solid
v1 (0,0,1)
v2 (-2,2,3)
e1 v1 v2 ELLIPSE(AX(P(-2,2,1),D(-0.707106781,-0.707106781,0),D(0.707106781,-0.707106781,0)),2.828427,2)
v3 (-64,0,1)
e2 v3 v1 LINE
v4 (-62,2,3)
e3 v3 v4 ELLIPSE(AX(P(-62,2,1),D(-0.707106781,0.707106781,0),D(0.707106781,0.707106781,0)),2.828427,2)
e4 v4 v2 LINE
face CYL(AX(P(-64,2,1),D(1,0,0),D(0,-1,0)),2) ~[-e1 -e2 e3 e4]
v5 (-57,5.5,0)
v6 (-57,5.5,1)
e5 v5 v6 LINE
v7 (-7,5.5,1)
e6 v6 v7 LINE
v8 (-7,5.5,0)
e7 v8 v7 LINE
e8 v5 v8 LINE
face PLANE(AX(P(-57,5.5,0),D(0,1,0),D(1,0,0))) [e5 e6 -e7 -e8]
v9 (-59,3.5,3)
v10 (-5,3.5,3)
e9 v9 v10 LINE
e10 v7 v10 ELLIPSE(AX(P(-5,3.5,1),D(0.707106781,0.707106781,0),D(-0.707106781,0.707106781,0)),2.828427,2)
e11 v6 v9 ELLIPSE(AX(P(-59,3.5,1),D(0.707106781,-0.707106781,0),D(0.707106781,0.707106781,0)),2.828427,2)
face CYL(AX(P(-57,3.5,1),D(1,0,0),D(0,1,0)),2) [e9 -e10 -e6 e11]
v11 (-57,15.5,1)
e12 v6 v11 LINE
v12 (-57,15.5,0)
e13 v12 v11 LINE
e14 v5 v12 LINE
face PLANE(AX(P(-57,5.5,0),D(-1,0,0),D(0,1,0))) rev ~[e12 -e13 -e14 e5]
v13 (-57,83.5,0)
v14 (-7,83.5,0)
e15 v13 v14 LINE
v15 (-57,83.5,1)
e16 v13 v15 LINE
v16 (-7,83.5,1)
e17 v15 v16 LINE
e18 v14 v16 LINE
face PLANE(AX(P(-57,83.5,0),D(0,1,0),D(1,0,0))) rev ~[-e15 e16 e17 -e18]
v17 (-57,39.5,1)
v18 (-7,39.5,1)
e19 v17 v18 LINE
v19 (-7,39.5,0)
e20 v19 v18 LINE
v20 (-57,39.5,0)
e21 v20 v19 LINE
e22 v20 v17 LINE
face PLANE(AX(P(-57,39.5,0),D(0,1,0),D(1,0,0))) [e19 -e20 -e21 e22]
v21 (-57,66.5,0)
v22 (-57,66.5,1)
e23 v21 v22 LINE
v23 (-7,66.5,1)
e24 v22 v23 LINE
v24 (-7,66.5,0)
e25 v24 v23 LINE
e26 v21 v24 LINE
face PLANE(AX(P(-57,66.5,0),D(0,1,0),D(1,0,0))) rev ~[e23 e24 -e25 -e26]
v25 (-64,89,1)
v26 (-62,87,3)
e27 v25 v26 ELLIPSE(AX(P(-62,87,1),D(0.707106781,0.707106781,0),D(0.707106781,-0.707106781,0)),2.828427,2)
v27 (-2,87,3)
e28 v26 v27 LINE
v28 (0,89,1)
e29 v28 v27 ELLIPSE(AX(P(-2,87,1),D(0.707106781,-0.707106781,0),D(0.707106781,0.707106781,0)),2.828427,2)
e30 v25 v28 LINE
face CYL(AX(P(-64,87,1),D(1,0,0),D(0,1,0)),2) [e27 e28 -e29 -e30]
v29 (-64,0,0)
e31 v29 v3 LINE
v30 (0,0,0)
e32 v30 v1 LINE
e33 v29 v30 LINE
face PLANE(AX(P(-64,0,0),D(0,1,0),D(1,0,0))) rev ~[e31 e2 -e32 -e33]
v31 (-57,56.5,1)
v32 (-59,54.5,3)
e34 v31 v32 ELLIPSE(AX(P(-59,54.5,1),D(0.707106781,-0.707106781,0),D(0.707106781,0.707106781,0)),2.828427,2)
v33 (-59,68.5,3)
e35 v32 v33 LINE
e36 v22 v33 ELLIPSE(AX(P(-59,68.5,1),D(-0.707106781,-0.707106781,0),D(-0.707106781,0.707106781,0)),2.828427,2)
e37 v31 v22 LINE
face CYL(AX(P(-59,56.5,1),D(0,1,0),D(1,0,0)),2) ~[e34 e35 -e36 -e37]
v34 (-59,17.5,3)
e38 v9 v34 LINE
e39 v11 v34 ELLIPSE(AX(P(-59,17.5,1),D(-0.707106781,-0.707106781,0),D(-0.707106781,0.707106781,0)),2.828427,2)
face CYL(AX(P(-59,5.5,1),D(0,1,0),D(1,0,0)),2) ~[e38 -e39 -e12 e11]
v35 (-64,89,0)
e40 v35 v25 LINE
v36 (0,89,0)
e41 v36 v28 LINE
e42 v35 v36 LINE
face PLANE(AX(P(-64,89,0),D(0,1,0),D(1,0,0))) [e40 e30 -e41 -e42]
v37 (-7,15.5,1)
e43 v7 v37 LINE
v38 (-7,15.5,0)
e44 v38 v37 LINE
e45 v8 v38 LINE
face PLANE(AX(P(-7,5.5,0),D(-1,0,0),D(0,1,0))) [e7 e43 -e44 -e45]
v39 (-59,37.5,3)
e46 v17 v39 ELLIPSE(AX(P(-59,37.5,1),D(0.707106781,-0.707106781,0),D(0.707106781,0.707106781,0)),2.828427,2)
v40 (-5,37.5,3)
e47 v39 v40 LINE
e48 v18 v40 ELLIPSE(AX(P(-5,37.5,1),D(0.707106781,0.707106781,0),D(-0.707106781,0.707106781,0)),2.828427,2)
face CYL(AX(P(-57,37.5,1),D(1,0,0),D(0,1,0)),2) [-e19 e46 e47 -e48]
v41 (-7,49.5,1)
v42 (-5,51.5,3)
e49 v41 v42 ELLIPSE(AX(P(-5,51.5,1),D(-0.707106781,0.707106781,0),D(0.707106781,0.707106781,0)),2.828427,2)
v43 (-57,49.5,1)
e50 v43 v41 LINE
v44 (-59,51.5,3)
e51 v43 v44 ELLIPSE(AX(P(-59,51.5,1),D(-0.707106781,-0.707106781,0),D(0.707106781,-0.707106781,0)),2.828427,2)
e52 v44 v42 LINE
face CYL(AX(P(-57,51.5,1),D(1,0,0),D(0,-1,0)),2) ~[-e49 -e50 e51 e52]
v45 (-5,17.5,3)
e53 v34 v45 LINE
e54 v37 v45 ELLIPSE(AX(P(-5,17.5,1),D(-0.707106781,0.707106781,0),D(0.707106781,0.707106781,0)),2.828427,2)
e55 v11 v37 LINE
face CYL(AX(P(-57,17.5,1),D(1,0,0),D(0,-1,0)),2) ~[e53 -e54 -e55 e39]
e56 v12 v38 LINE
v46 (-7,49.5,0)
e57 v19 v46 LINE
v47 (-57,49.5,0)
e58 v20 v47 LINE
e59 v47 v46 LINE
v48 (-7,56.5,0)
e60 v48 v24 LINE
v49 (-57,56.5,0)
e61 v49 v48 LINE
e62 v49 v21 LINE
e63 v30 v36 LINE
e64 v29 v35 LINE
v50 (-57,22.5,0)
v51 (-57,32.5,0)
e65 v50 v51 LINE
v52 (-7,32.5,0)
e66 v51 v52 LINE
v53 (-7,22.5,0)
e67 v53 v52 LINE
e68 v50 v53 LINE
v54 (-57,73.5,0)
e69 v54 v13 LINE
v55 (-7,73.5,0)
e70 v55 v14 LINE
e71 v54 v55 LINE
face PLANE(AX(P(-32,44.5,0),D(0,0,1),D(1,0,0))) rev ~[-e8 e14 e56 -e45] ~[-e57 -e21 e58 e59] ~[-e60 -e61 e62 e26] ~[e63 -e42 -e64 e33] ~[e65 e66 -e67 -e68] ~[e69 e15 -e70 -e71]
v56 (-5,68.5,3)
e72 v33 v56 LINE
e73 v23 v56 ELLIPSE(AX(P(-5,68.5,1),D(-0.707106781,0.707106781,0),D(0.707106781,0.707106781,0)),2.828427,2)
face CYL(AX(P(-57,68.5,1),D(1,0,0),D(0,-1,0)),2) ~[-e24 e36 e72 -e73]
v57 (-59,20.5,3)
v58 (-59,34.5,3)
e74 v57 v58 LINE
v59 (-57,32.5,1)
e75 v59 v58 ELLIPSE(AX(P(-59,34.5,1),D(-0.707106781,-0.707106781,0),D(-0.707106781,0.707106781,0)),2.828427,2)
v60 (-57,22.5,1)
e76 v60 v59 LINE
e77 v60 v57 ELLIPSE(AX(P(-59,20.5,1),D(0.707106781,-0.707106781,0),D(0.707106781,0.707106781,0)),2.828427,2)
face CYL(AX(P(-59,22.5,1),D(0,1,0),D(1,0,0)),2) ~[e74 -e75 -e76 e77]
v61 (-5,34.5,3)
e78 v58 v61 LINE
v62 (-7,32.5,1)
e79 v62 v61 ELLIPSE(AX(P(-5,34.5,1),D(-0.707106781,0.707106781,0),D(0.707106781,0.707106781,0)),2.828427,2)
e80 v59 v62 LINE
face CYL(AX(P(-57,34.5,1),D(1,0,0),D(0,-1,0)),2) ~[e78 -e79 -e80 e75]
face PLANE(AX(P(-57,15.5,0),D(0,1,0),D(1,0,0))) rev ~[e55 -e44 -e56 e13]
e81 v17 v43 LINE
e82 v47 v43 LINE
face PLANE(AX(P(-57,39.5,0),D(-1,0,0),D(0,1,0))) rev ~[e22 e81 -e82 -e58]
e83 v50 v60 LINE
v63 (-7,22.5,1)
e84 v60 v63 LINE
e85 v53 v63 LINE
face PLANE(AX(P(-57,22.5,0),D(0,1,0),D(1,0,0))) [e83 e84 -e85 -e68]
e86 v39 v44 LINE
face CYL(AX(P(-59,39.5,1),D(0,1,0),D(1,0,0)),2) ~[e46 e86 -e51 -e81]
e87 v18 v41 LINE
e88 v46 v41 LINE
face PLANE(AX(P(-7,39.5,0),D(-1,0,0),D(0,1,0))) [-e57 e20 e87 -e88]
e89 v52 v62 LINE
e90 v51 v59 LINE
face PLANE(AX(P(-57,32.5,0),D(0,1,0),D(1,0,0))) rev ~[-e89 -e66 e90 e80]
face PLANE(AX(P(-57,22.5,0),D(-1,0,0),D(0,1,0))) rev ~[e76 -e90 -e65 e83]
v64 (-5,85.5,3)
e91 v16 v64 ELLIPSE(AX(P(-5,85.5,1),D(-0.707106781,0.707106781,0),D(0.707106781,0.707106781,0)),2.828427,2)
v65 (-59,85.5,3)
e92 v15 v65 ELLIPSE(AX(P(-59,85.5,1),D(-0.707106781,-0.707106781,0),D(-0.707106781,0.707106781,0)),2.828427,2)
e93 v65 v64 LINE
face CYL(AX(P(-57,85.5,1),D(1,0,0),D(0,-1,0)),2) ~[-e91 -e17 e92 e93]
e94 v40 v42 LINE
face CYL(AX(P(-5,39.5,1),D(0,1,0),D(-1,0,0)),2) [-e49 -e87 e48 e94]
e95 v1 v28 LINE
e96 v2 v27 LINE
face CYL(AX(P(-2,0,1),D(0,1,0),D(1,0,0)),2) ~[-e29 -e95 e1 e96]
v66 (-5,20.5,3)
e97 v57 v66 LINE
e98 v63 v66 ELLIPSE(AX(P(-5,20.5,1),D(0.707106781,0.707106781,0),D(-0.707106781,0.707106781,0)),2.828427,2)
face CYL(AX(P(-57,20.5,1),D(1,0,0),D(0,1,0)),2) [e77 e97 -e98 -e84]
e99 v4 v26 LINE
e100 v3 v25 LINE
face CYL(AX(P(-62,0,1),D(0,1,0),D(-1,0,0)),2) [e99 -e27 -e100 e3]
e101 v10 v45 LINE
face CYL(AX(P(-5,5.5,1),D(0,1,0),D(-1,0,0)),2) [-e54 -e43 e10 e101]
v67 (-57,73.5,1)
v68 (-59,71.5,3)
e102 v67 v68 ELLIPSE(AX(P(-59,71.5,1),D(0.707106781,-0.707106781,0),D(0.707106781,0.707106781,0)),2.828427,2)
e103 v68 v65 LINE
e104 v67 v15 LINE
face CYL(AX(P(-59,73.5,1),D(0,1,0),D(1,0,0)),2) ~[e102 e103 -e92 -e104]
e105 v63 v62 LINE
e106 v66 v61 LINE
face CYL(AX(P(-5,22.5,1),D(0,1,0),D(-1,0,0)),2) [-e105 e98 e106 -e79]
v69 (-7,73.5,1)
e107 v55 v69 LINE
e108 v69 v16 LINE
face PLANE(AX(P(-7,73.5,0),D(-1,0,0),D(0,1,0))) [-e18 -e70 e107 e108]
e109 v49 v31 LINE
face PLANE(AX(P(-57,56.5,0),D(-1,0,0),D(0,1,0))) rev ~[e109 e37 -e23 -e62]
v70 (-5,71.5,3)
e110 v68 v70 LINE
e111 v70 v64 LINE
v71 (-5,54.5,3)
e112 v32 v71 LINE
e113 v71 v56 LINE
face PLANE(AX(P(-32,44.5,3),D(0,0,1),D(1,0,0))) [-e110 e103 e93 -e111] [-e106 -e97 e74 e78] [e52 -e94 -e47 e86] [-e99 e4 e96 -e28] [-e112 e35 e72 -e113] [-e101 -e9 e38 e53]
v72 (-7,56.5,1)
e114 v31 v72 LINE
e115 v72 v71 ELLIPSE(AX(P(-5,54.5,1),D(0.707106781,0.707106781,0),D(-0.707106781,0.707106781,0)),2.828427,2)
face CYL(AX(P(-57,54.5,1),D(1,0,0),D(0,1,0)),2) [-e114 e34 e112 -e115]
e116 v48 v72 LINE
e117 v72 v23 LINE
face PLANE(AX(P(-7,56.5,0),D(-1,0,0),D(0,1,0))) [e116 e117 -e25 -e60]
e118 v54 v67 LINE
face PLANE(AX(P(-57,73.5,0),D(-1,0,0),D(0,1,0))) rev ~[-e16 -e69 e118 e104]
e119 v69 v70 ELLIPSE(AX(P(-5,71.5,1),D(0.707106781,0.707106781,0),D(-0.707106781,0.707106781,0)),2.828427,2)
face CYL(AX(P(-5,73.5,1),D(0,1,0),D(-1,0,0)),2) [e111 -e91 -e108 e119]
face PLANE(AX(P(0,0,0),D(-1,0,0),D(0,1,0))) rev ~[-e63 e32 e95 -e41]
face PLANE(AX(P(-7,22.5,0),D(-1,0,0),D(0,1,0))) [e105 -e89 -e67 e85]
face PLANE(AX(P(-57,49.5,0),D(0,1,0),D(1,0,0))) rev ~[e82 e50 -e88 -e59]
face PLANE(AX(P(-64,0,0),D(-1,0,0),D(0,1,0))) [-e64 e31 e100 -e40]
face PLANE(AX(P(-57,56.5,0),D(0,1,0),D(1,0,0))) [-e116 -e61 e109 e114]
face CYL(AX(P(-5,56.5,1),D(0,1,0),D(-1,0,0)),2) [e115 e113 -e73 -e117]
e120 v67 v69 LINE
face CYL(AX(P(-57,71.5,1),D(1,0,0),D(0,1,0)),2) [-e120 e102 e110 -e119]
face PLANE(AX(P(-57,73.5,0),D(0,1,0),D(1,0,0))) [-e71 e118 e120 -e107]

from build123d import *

# Parameters (mm, degrees)
F0_W     = 64
F0_H     = 89
F0_W_2   = 63.8
F0_H_2   = 88.8
F0_W_3   = 50
F0_H_3   = 10
F1_DEPTH = 3
F2_R     = 2


with BuildPart() as f1:
    # F0 (on Top) → F1 (new body)
    with BuildSketch(Plane.XY):
        with Locations((-32, 44.5)):
            Rectangle(F0_W, F0_H)
        with Locations((-32, 44.5)):
            Rectangle(F0_W_2, F0_H_2, mode=Mode.SUBTRACT)
        with Locations((-32, 44.5)):
            Rectangle(F0_W_2, F0_H_2)
        with Locations((-32, 10.5)):
            Rectangle(F0_W_3, F0_H_3, mode=Mode.SUBTRACT)
        with Locations((-32, 27.5)):
            Rectangle(F0_W_3, F0_H_3, mode=Mode.SUBTRACT)
        with Locations((-32, 44.5)):
            Rectangle(F0_W_3, F0_H_3, mode=Mode.SUBTRACT)
        with Locations((-32, 61.5)):
            Rectangle(F0_W_3, F0_H_3, mode=Mode.SUBTRACT)
        with Locations((-32, 78.5)):
            Rectangle(F0_W_3, F0_H_3, mode=Mode.SUBTRACT)
    extrude(amount=F1_DEPTH)

    # F2
    f2_edges = [f1.edges().sort_by_distance(p)[0] for p in [
        (-57, 10.5, 3),
        (-32, 15.5, 3),
        (-7, 10.5, 3),
        (-32, 5.5, 3),
        (-57, 27.5, 3),
        (-32, 32.5, 3),
        (-7, 27.5, 3),
        (-32, 22.5, 3),
        (-32, 49.5, 3),
        (-7, 44.5, 3),
        (-32, 39.5, 3),
        (-57, 44.5, 3),
        (-7, 61.5, 3),
        (-32, 56.5, 3),
        (-57, 61.5, 3),
        (-32, 66.5, 3),
        (-7, 78.5, 3),
        (-32, 73.5, 3),
        (-57, 78.5, 3),
        (-32, 83.5, 3),
        (-32, 0, 3),
        (0, 44.5, 3),
        (-32, 89, 3),
        (-64, 44.5, 3),
    ]]
    fillet(f2_edges, radius=F2_R)


solid = f1.part
